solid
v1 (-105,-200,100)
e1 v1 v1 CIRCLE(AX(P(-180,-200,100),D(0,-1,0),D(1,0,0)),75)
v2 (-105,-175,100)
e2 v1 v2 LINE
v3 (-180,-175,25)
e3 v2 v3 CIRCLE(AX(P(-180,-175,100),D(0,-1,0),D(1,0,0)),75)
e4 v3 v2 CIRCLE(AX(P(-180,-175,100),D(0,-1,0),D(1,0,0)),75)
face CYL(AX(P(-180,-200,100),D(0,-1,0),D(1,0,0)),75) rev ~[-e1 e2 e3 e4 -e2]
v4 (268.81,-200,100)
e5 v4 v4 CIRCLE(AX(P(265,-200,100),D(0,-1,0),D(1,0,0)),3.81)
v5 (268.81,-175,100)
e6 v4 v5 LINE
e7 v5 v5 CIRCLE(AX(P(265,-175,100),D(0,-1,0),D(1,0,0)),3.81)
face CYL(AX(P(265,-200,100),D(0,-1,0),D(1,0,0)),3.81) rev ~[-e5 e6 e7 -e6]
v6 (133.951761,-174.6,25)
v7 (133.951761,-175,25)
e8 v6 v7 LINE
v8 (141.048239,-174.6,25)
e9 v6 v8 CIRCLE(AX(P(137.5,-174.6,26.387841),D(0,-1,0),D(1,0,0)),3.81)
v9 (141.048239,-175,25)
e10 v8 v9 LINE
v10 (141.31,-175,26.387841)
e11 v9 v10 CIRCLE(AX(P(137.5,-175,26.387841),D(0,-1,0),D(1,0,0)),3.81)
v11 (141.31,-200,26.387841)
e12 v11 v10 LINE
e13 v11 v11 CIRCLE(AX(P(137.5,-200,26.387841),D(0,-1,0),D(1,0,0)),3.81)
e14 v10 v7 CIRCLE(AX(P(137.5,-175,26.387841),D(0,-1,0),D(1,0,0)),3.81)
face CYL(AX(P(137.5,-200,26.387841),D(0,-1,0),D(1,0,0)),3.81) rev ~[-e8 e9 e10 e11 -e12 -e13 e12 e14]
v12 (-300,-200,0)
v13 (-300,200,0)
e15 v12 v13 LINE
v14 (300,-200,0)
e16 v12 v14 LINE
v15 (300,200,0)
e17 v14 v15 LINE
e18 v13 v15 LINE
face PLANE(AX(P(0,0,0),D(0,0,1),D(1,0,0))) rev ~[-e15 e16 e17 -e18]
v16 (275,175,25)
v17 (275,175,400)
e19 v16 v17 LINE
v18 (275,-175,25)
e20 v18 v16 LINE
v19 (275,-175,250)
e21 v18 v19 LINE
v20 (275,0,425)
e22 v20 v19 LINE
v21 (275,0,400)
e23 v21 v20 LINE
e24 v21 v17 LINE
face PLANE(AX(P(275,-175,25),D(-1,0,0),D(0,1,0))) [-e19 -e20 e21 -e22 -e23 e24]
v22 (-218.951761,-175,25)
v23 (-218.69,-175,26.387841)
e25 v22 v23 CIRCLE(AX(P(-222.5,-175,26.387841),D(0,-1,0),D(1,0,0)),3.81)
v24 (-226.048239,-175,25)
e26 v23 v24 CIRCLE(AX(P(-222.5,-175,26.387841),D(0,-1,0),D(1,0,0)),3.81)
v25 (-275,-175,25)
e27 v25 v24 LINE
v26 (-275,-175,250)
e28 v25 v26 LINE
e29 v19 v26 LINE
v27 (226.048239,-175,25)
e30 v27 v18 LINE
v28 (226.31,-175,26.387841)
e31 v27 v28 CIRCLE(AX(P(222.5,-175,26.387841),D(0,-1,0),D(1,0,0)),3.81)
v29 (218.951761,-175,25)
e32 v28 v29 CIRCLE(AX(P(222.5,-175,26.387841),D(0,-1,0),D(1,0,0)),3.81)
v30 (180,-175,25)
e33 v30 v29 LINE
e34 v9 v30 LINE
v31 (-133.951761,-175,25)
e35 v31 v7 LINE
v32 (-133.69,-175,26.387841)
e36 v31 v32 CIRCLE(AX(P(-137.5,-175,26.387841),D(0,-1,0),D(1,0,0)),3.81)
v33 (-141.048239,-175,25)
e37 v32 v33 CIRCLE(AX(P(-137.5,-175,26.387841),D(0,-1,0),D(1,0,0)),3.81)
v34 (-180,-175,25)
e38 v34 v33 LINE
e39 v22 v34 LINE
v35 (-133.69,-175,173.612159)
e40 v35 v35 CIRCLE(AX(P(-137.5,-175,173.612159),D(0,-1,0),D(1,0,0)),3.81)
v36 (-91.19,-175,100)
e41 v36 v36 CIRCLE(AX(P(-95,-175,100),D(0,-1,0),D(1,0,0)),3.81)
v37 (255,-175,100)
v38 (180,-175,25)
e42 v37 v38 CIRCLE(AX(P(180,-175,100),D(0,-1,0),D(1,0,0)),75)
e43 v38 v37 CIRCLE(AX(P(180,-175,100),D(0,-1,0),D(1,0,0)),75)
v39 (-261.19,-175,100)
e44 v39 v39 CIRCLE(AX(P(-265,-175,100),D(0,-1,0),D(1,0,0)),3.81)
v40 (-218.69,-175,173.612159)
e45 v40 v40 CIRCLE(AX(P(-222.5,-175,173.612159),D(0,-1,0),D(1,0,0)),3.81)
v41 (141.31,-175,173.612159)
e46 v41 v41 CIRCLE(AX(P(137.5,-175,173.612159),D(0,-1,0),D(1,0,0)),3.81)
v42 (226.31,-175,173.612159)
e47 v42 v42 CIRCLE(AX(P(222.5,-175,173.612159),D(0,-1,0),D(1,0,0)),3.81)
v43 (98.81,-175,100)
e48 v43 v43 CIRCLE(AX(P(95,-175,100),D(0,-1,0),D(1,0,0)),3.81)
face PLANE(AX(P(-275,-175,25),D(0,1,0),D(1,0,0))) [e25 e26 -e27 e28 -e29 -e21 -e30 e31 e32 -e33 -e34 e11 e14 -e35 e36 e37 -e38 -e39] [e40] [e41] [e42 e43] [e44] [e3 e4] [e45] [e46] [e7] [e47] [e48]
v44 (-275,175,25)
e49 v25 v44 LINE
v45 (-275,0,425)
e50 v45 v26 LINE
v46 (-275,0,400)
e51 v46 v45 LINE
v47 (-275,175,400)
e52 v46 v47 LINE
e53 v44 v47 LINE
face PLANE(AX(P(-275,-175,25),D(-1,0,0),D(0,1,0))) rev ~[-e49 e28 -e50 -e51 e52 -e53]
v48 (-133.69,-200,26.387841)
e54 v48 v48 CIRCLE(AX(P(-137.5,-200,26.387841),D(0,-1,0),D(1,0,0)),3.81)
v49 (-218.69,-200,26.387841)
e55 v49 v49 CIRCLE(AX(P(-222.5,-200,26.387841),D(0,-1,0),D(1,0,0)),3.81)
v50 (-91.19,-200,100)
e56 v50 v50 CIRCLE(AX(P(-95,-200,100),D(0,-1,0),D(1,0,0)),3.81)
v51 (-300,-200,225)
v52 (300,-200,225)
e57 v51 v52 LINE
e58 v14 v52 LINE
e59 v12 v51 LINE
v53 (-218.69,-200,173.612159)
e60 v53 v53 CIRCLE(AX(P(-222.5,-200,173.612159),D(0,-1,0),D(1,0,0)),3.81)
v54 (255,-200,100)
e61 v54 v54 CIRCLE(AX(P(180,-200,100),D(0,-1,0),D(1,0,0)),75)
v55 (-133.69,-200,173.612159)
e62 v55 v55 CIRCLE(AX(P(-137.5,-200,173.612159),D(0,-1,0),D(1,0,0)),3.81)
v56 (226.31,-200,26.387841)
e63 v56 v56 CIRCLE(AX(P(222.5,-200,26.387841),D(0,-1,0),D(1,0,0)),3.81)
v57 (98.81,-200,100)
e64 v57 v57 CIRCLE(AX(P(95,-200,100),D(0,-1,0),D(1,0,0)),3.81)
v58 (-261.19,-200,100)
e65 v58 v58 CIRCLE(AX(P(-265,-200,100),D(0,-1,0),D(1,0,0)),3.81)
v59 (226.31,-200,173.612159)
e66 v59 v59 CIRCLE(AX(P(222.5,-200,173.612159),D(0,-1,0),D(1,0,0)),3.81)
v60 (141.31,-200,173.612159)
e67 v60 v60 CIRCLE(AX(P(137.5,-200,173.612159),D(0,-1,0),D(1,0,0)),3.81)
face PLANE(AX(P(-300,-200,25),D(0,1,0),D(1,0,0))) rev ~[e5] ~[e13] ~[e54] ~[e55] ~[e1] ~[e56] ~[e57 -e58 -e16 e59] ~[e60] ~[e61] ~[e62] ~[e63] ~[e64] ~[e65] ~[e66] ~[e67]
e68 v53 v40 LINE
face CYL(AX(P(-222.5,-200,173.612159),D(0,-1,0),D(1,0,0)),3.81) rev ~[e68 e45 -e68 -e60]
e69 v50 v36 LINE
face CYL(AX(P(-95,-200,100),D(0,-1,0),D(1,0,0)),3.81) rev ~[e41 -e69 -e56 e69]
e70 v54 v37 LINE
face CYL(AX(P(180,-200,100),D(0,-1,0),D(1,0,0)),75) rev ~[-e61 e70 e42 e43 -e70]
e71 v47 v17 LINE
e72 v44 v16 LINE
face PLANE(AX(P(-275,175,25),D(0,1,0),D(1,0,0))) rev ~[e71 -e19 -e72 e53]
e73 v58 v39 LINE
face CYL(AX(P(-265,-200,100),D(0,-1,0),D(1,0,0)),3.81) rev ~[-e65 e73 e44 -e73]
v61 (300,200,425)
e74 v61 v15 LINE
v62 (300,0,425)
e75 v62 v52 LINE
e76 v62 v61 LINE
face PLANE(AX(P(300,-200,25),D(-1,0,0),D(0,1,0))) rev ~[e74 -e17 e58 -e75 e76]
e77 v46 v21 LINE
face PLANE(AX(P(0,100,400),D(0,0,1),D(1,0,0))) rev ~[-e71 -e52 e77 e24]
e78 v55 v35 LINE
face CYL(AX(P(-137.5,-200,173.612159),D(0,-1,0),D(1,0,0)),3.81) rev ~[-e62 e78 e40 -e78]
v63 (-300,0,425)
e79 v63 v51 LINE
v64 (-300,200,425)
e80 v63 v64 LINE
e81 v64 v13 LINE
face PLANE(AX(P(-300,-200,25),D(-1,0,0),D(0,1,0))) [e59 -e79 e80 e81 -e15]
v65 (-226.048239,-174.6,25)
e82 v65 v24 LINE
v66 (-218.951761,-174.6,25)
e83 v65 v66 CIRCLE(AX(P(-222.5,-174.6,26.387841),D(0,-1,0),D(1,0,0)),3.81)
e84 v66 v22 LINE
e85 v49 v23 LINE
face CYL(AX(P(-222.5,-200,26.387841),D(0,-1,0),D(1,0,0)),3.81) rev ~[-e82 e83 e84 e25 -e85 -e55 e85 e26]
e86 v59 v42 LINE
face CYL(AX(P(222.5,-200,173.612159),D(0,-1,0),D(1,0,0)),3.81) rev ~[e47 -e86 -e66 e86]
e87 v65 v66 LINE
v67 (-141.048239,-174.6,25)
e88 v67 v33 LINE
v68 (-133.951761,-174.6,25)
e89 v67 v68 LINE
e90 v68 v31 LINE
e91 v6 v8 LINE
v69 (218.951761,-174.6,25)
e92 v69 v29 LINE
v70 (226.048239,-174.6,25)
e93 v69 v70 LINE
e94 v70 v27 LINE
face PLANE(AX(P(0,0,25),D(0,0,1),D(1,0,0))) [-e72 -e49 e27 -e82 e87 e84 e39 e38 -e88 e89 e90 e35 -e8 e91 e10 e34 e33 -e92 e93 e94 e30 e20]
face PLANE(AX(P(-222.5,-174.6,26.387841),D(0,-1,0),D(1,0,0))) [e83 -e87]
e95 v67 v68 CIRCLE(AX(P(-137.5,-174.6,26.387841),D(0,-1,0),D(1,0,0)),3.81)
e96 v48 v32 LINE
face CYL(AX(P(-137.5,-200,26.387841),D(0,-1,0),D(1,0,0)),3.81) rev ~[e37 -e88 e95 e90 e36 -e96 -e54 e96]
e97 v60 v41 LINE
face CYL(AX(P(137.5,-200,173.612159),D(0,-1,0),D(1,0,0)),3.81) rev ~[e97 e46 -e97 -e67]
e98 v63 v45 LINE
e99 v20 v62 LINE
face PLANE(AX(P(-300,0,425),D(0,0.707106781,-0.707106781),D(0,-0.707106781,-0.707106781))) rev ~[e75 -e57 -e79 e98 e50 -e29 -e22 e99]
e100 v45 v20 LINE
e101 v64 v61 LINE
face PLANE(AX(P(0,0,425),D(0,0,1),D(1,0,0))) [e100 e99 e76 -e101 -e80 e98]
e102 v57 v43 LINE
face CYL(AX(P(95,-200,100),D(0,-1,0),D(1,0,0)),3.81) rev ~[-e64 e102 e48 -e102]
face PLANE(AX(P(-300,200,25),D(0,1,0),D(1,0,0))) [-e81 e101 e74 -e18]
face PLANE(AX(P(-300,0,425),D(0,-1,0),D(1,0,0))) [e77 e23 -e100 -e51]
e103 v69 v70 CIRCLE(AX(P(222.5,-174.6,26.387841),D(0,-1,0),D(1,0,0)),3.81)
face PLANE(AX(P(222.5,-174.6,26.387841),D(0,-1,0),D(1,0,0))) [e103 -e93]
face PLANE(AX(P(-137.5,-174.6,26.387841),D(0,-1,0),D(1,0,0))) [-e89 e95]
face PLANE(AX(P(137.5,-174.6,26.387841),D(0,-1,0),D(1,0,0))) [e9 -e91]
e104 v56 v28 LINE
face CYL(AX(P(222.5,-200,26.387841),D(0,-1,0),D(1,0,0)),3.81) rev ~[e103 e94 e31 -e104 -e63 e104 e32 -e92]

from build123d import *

# Parameters (mm, degrees)
F0_W      = 600
F0_H      = 400
F1_DEPTH  = 25
F2_W      = 600
F2_H      = 400
F2_W_2    = 550
F2_H_2    = 350
F3_DEPTH  = 400
F5_DEPTH  = 600.001
F6_W      = 600
F6_H      = 200
F7_DEPTH  = 25
F8_R      = 75
F8_R_2    = 3.81
F9_DEPTH  = 25.4
F10_DEPTH = 25.4


with BuildPart() as f1:
    # F0 (on Top) → F1 (new body)
    with BuildSketch(Plane.XY):
        Rectangle(F0_W, F0_H)
    extrude(amount=F1_DEPTH)

    # F2 (on face) → F3 (join)
    with BuildSketch(Plane.XY.offset(25)):
        Rectangle(F2_W, F2_H)
        Rectangle(F2_W_2, F2_H_2, mode=Mode.SUBTRACT)
    extrude(amount=F3_DEPTH)

    # F4 (on face) → F5 (cut, through all)
    with BuildSketch(Plane(origin=(-300, 0, 0), x_dir=(0, -1, 0), z_dir=(-1, 0, 0))):
        Polygon((200, 225), (200, 425), (0, 425), align=None)
    extrude(amount=-F5_DEPTH, mode=Mode.SUBTRACT)

    # F6 (on face) → F7 (join)
    with BuildSketch(Plane.XY.offset(425)):
        with Locations((0, 100)):
            Rectangle(F6_W, F6_H)
    extrude(amount=-F7_DEPTH)

    # F8 (on face) → F9 (cut)
    with BuildSketch(Plane.XZ.offset(200)):
        with Locations((-180, 100)):
            Circle(F8_R)
        with Locations((180, 100)):
            Circle(F8_R)
        with Locations((-95, 100)):
            Circle(F8_R_2)
        with Locations((-137.5, 173.612159)):
            Circle(F8_R_2)
        with Locations((-222.5, 173.612159)):
            Circle(F8_R_2)
        with Locations((-265, 100)):
            Circle(F8_R_2)
        with Locations((-222.5, 26.387841)):
            Circle(F8_R_2)
        with Locations((-137.5, 26.387841)):
            Circle(F8_R_2)
        with Locations((95, 100)):
            Circle(F8_R_2)
        with Locations((137.5, 26.387841)):
            Circle(F8_R_2)
        with Locations((222.5, 26.387841)):
            Circle(F8_R_2)
        with Locations((265, 100)):
            Circle(F8_R_2)
        with Locations((222.5, 173.612159)):
            Circle(F8_R_2)
        with Locations((137.5, 173.612159)):
            Circle(F8_R_2)
    extrude(amount=-F9_DEPTH, mode=Mode.SUBTRACT)

    # F8 (on face) → F10 (cut)
    with BuildSketch(Plane.XZ.offset(200)):
        with Locations((-180, 100)):
            Circle(F8_R)
        with Locations((180, 100)):
            Circle(F8_R)
        with Locations((-95, 100)):
            Circle(F8_R_2)
        with Locations((-137.5, 173.612159)):
            Circle(F8_R_2)
        with Locations((-222.5, 173.612159)):
            Circle(F8_R_2)
        with Locations((-265, 100)):
            Circle(F8_R_2)
        with Locations((-222.5, 26.387841)):
            Circle(F8_R_2)
        with Locations((-137.5, 26.387841)):
            Circle(F8_R_2)
        with Locations((95, 100)):
            Circle(F8_R_2)
        with Locations((137.5, 26.387841)):
            Circle(F8_R_2)
        with Locations((222.5, 26.387841)):
            Circle(F8_R_2)
        with Locations((265, 100)):
            Circle(F8_R_2)
        with Locations((222.5, 173.612159)):
            Circle(F8_R_2)
        with Locations((137.5, 173.612159)):
            Circle(F8_R_2)
    extrude(amount=-F10_DEPTH, mode=Mode.SUBTRACT)


solid = f1.part
